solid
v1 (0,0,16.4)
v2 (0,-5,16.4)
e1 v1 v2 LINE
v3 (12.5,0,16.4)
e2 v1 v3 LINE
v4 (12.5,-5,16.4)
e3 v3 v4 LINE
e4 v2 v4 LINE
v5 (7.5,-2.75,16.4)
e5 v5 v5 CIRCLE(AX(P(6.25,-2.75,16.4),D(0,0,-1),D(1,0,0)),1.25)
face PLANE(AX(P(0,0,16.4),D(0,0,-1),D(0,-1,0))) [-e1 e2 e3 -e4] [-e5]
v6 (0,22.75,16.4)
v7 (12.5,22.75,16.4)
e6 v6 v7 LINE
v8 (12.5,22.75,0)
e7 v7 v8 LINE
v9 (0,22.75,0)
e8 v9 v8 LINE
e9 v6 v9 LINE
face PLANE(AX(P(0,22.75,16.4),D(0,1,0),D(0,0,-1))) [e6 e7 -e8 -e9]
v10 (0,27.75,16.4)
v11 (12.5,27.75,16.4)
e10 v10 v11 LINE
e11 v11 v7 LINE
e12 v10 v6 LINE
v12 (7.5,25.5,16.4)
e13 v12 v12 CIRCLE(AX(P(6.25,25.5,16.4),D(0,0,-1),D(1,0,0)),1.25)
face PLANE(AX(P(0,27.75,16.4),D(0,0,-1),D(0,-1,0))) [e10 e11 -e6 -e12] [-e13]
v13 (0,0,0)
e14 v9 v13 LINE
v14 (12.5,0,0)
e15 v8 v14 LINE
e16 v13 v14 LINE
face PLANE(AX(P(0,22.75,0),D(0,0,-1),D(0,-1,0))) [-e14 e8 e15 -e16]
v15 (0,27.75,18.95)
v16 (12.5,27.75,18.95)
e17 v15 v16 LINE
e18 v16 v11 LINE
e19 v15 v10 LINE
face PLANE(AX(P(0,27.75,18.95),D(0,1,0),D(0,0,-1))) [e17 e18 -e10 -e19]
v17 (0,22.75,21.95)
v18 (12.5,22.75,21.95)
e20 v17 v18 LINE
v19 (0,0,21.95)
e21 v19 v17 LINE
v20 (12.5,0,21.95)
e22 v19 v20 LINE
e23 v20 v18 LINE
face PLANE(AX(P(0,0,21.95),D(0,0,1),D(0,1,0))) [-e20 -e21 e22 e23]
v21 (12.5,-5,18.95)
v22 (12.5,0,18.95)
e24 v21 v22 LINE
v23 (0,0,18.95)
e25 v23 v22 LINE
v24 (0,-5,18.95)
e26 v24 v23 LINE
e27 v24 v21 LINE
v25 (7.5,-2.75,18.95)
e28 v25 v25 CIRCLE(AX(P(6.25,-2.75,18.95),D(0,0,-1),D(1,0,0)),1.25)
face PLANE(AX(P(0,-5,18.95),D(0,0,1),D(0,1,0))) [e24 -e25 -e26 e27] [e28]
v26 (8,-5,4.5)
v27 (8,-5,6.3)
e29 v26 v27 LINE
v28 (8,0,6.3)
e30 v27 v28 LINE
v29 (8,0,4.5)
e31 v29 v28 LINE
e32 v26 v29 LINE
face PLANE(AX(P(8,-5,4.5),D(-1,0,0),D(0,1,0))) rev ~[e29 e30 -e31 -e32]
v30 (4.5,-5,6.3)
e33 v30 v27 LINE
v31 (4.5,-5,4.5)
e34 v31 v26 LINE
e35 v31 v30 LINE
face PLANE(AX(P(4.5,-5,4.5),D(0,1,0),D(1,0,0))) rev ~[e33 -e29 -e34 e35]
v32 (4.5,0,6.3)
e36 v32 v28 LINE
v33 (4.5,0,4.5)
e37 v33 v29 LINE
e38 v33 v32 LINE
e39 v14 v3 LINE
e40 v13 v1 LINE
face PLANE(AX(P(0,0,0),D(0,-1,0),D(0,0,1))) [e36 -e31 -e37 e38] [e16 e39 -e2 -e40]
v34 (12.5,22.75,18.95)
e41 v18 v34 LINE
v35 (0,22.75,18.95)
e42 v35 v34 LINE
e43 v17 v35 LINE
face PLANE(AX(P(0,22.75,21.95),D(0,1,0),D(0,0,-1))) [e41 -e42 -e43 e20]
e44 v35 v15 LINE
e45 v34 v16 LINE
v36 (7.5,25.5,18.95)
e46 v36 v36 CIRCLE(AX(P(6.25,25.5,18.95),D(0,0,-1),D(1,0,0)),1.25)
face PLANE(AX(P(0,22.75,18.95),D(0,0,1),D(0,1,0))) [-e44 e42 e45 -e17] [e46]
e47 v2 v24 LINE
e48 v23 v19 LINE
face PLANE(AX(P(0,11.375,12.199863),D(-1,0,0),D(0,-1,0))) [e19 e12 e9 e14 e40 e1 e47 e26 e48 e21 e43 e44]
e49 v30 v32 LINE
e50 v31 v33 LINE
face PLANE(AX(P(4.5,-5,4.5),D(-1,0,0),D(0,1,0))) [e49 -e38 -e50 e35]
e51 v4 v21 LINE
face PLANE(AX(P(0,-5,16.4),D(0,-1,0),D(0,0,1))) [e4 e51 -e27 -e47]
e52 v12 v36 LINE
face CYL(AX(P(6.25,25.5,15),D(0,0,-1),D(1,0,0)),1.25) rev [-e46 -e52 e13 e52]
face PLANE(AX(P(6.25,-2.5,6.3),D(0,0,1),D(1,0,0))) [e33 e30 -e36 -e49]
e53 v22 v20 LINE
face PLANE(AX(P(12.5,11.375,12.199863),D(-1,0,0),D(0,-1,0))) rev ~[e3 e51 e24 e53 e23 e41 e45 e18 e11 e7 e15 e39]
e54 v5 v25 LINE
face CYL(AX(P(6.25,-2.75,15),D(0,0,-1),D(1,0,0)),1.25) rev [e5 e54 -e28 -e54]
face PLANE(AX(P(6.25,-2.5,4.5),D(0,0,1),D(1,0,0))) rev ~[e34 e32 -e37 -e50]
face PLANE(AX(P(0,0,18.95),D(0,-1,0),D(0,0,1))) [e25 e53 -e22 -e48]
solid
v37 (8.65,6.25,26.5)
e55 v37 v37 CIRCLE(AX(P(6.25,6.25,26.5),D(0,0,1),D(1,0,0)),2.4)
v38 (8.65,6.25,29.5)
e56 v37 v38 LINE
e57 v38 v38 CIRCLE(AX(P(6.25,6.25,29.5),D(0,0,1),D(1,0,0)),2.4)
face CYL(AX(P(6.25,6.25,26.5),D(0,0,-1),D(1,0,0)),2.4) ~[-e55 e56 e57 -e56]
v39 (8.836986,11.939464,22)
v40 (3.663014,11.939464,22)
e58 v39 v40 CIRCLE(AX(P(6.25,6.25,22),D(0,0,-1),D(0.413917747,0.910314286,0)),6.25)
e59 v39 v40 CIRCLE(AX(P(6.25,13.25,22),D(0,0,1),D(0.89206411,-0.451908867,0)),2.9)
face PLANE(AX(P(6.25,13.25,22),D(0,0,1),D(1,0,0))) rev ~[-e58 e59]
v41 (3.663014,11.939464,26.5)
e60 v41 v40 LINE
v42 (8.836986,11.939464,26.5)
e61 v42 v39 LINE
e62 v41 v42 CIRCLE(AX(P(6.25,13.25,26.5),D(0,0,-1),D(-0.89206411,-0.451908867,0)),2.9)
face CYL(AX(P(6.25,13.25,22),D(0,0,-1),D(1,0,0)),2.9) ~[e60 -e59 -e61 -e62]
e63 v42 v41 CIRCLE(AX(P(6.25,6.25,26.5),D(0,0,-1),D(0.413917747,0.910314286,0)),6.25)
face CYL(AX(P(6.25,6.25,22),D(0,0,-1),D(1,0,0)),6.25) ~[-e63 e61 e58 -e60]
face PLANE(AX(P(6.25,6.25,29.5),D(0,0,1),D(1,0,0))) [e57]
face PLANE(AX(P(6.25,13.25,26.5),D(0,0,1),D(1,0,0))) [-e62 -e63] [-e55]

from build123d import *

# Parameters (mm, degrees)
BOX_W             = 3.5
BOX_H             = 5
BOX_DEPTH         = 1.8
CYLINDER003_R     = 1.25
CYLINDER003_DEPTH = 5
CYLINDER004_R     = 1.25
CYLINDER004_DEPTH = 5
CYLINDER_R        = 6.25
CYLINDER_DEPTH    = 4.5
CYLINDER001_R     = 2.9
CYLINDER001_DEPTH = 4.5
CYLINDER002_R     = 2.4
CYLINDER002_DEPTH = 3
PAD_DEPTH         = 12.5


with BuildPart() as cube:
    # Box → Box (new body)
    with BuildSketch(Plane(origin=(4.5, -5, 4.5), x_dir=(1, 0, 0), z_dir=(0, 0, 1))):
        with Locations((1.75, 2.5)):
            Rectangle(BOX_W, BOX_H)
    extrude(amount=BOX_DEPTH)


with BuildPart() as cylinder003:
    # Cylinder003 → Cylinder003 (new body)
    with BuildSketch(Plane(origin=(6.25, -2.75, 15), x_dir=(1, 0, 0), z_dir=(0, 0, 1))):
        Circle(CYLINDER003_R)
    extrude(amount=CYLINDER003_DEPTH)


with BuildPart() as fusion001:
    # Cylinder004 → Cylinder004 (new body)
    with BuildSketch(Plane(origin=(6.25, 25.5, 15), x_dir=(1, 0, 0), z_dir=(0, 0, 1))):
        Circle(CYLINDER004_R)
    extrude(amount=CYLINDER004_DEPTH)

    # Fusion001: union Cylinder003
    add(cylinder003.part)


with BuildPart() as cylinder:
    # Cylinder → Cylinder (new body)
    with BuildSketch(Plane(origin=(6.25, 6.25, 22), x_dir=(1, 0, 0), z_dir=(0, 0, 1))):
        Circle(CYLINDER_R)
    extrude(amount=CYLINDER_DEPTH)


with BuildPart() as cylinder001:
    # Cylinder001 → Cylinder001 (new body)
    with BuildSketch(Plane(origin=(6.25, 13.25, 22), x_dir=(1, 0, 0), z_dir=(0, 0, 1))):
        Circle(CYLINDER001_R)
    extrude(amount=CYLINDER001_DEPTH)


with BuildPart() as cylinder002:
    # Cylinder002 → Cylinder002 (new body)
    with BuildSketch(Plane(origin=(6.25, 6.25, 26.5), x_dir=(1, 0, 0), z_dir=(0, 0, 1))):
        Circle(CYLINDER002_R)
    extrude(amount=CYLINDER002_DEPTH)


with BuildPart() as microservo:
    # Sketch → Pad (new body)
    with BuildSketch(Plane.YZ):
        Polygon((0, 0), (0, 16.4), (-5, 16.4), (-5, 18.95), (0, 18.95), (0, 21.95), (22.75, 21.95), (22.75, 18.95), (27.75, 18.95), (27.75, 16.4), (22.75, 16.4), (22.75, 0), align=None)
    extrude(amount=PAD_DEPTH)

    # Fusion: union Cylinder, Cylinder001, Cylinder002
    add(cylinder.part)
    add(cylinder001.part)
    add(cylinder002.part)

    # Cut: cut Fusion001
    add(fusion001.part, mode=Mode.SUBTRACT)

    # Fusion002: union Cube
    add(cube.part)


solid = microservo.part
